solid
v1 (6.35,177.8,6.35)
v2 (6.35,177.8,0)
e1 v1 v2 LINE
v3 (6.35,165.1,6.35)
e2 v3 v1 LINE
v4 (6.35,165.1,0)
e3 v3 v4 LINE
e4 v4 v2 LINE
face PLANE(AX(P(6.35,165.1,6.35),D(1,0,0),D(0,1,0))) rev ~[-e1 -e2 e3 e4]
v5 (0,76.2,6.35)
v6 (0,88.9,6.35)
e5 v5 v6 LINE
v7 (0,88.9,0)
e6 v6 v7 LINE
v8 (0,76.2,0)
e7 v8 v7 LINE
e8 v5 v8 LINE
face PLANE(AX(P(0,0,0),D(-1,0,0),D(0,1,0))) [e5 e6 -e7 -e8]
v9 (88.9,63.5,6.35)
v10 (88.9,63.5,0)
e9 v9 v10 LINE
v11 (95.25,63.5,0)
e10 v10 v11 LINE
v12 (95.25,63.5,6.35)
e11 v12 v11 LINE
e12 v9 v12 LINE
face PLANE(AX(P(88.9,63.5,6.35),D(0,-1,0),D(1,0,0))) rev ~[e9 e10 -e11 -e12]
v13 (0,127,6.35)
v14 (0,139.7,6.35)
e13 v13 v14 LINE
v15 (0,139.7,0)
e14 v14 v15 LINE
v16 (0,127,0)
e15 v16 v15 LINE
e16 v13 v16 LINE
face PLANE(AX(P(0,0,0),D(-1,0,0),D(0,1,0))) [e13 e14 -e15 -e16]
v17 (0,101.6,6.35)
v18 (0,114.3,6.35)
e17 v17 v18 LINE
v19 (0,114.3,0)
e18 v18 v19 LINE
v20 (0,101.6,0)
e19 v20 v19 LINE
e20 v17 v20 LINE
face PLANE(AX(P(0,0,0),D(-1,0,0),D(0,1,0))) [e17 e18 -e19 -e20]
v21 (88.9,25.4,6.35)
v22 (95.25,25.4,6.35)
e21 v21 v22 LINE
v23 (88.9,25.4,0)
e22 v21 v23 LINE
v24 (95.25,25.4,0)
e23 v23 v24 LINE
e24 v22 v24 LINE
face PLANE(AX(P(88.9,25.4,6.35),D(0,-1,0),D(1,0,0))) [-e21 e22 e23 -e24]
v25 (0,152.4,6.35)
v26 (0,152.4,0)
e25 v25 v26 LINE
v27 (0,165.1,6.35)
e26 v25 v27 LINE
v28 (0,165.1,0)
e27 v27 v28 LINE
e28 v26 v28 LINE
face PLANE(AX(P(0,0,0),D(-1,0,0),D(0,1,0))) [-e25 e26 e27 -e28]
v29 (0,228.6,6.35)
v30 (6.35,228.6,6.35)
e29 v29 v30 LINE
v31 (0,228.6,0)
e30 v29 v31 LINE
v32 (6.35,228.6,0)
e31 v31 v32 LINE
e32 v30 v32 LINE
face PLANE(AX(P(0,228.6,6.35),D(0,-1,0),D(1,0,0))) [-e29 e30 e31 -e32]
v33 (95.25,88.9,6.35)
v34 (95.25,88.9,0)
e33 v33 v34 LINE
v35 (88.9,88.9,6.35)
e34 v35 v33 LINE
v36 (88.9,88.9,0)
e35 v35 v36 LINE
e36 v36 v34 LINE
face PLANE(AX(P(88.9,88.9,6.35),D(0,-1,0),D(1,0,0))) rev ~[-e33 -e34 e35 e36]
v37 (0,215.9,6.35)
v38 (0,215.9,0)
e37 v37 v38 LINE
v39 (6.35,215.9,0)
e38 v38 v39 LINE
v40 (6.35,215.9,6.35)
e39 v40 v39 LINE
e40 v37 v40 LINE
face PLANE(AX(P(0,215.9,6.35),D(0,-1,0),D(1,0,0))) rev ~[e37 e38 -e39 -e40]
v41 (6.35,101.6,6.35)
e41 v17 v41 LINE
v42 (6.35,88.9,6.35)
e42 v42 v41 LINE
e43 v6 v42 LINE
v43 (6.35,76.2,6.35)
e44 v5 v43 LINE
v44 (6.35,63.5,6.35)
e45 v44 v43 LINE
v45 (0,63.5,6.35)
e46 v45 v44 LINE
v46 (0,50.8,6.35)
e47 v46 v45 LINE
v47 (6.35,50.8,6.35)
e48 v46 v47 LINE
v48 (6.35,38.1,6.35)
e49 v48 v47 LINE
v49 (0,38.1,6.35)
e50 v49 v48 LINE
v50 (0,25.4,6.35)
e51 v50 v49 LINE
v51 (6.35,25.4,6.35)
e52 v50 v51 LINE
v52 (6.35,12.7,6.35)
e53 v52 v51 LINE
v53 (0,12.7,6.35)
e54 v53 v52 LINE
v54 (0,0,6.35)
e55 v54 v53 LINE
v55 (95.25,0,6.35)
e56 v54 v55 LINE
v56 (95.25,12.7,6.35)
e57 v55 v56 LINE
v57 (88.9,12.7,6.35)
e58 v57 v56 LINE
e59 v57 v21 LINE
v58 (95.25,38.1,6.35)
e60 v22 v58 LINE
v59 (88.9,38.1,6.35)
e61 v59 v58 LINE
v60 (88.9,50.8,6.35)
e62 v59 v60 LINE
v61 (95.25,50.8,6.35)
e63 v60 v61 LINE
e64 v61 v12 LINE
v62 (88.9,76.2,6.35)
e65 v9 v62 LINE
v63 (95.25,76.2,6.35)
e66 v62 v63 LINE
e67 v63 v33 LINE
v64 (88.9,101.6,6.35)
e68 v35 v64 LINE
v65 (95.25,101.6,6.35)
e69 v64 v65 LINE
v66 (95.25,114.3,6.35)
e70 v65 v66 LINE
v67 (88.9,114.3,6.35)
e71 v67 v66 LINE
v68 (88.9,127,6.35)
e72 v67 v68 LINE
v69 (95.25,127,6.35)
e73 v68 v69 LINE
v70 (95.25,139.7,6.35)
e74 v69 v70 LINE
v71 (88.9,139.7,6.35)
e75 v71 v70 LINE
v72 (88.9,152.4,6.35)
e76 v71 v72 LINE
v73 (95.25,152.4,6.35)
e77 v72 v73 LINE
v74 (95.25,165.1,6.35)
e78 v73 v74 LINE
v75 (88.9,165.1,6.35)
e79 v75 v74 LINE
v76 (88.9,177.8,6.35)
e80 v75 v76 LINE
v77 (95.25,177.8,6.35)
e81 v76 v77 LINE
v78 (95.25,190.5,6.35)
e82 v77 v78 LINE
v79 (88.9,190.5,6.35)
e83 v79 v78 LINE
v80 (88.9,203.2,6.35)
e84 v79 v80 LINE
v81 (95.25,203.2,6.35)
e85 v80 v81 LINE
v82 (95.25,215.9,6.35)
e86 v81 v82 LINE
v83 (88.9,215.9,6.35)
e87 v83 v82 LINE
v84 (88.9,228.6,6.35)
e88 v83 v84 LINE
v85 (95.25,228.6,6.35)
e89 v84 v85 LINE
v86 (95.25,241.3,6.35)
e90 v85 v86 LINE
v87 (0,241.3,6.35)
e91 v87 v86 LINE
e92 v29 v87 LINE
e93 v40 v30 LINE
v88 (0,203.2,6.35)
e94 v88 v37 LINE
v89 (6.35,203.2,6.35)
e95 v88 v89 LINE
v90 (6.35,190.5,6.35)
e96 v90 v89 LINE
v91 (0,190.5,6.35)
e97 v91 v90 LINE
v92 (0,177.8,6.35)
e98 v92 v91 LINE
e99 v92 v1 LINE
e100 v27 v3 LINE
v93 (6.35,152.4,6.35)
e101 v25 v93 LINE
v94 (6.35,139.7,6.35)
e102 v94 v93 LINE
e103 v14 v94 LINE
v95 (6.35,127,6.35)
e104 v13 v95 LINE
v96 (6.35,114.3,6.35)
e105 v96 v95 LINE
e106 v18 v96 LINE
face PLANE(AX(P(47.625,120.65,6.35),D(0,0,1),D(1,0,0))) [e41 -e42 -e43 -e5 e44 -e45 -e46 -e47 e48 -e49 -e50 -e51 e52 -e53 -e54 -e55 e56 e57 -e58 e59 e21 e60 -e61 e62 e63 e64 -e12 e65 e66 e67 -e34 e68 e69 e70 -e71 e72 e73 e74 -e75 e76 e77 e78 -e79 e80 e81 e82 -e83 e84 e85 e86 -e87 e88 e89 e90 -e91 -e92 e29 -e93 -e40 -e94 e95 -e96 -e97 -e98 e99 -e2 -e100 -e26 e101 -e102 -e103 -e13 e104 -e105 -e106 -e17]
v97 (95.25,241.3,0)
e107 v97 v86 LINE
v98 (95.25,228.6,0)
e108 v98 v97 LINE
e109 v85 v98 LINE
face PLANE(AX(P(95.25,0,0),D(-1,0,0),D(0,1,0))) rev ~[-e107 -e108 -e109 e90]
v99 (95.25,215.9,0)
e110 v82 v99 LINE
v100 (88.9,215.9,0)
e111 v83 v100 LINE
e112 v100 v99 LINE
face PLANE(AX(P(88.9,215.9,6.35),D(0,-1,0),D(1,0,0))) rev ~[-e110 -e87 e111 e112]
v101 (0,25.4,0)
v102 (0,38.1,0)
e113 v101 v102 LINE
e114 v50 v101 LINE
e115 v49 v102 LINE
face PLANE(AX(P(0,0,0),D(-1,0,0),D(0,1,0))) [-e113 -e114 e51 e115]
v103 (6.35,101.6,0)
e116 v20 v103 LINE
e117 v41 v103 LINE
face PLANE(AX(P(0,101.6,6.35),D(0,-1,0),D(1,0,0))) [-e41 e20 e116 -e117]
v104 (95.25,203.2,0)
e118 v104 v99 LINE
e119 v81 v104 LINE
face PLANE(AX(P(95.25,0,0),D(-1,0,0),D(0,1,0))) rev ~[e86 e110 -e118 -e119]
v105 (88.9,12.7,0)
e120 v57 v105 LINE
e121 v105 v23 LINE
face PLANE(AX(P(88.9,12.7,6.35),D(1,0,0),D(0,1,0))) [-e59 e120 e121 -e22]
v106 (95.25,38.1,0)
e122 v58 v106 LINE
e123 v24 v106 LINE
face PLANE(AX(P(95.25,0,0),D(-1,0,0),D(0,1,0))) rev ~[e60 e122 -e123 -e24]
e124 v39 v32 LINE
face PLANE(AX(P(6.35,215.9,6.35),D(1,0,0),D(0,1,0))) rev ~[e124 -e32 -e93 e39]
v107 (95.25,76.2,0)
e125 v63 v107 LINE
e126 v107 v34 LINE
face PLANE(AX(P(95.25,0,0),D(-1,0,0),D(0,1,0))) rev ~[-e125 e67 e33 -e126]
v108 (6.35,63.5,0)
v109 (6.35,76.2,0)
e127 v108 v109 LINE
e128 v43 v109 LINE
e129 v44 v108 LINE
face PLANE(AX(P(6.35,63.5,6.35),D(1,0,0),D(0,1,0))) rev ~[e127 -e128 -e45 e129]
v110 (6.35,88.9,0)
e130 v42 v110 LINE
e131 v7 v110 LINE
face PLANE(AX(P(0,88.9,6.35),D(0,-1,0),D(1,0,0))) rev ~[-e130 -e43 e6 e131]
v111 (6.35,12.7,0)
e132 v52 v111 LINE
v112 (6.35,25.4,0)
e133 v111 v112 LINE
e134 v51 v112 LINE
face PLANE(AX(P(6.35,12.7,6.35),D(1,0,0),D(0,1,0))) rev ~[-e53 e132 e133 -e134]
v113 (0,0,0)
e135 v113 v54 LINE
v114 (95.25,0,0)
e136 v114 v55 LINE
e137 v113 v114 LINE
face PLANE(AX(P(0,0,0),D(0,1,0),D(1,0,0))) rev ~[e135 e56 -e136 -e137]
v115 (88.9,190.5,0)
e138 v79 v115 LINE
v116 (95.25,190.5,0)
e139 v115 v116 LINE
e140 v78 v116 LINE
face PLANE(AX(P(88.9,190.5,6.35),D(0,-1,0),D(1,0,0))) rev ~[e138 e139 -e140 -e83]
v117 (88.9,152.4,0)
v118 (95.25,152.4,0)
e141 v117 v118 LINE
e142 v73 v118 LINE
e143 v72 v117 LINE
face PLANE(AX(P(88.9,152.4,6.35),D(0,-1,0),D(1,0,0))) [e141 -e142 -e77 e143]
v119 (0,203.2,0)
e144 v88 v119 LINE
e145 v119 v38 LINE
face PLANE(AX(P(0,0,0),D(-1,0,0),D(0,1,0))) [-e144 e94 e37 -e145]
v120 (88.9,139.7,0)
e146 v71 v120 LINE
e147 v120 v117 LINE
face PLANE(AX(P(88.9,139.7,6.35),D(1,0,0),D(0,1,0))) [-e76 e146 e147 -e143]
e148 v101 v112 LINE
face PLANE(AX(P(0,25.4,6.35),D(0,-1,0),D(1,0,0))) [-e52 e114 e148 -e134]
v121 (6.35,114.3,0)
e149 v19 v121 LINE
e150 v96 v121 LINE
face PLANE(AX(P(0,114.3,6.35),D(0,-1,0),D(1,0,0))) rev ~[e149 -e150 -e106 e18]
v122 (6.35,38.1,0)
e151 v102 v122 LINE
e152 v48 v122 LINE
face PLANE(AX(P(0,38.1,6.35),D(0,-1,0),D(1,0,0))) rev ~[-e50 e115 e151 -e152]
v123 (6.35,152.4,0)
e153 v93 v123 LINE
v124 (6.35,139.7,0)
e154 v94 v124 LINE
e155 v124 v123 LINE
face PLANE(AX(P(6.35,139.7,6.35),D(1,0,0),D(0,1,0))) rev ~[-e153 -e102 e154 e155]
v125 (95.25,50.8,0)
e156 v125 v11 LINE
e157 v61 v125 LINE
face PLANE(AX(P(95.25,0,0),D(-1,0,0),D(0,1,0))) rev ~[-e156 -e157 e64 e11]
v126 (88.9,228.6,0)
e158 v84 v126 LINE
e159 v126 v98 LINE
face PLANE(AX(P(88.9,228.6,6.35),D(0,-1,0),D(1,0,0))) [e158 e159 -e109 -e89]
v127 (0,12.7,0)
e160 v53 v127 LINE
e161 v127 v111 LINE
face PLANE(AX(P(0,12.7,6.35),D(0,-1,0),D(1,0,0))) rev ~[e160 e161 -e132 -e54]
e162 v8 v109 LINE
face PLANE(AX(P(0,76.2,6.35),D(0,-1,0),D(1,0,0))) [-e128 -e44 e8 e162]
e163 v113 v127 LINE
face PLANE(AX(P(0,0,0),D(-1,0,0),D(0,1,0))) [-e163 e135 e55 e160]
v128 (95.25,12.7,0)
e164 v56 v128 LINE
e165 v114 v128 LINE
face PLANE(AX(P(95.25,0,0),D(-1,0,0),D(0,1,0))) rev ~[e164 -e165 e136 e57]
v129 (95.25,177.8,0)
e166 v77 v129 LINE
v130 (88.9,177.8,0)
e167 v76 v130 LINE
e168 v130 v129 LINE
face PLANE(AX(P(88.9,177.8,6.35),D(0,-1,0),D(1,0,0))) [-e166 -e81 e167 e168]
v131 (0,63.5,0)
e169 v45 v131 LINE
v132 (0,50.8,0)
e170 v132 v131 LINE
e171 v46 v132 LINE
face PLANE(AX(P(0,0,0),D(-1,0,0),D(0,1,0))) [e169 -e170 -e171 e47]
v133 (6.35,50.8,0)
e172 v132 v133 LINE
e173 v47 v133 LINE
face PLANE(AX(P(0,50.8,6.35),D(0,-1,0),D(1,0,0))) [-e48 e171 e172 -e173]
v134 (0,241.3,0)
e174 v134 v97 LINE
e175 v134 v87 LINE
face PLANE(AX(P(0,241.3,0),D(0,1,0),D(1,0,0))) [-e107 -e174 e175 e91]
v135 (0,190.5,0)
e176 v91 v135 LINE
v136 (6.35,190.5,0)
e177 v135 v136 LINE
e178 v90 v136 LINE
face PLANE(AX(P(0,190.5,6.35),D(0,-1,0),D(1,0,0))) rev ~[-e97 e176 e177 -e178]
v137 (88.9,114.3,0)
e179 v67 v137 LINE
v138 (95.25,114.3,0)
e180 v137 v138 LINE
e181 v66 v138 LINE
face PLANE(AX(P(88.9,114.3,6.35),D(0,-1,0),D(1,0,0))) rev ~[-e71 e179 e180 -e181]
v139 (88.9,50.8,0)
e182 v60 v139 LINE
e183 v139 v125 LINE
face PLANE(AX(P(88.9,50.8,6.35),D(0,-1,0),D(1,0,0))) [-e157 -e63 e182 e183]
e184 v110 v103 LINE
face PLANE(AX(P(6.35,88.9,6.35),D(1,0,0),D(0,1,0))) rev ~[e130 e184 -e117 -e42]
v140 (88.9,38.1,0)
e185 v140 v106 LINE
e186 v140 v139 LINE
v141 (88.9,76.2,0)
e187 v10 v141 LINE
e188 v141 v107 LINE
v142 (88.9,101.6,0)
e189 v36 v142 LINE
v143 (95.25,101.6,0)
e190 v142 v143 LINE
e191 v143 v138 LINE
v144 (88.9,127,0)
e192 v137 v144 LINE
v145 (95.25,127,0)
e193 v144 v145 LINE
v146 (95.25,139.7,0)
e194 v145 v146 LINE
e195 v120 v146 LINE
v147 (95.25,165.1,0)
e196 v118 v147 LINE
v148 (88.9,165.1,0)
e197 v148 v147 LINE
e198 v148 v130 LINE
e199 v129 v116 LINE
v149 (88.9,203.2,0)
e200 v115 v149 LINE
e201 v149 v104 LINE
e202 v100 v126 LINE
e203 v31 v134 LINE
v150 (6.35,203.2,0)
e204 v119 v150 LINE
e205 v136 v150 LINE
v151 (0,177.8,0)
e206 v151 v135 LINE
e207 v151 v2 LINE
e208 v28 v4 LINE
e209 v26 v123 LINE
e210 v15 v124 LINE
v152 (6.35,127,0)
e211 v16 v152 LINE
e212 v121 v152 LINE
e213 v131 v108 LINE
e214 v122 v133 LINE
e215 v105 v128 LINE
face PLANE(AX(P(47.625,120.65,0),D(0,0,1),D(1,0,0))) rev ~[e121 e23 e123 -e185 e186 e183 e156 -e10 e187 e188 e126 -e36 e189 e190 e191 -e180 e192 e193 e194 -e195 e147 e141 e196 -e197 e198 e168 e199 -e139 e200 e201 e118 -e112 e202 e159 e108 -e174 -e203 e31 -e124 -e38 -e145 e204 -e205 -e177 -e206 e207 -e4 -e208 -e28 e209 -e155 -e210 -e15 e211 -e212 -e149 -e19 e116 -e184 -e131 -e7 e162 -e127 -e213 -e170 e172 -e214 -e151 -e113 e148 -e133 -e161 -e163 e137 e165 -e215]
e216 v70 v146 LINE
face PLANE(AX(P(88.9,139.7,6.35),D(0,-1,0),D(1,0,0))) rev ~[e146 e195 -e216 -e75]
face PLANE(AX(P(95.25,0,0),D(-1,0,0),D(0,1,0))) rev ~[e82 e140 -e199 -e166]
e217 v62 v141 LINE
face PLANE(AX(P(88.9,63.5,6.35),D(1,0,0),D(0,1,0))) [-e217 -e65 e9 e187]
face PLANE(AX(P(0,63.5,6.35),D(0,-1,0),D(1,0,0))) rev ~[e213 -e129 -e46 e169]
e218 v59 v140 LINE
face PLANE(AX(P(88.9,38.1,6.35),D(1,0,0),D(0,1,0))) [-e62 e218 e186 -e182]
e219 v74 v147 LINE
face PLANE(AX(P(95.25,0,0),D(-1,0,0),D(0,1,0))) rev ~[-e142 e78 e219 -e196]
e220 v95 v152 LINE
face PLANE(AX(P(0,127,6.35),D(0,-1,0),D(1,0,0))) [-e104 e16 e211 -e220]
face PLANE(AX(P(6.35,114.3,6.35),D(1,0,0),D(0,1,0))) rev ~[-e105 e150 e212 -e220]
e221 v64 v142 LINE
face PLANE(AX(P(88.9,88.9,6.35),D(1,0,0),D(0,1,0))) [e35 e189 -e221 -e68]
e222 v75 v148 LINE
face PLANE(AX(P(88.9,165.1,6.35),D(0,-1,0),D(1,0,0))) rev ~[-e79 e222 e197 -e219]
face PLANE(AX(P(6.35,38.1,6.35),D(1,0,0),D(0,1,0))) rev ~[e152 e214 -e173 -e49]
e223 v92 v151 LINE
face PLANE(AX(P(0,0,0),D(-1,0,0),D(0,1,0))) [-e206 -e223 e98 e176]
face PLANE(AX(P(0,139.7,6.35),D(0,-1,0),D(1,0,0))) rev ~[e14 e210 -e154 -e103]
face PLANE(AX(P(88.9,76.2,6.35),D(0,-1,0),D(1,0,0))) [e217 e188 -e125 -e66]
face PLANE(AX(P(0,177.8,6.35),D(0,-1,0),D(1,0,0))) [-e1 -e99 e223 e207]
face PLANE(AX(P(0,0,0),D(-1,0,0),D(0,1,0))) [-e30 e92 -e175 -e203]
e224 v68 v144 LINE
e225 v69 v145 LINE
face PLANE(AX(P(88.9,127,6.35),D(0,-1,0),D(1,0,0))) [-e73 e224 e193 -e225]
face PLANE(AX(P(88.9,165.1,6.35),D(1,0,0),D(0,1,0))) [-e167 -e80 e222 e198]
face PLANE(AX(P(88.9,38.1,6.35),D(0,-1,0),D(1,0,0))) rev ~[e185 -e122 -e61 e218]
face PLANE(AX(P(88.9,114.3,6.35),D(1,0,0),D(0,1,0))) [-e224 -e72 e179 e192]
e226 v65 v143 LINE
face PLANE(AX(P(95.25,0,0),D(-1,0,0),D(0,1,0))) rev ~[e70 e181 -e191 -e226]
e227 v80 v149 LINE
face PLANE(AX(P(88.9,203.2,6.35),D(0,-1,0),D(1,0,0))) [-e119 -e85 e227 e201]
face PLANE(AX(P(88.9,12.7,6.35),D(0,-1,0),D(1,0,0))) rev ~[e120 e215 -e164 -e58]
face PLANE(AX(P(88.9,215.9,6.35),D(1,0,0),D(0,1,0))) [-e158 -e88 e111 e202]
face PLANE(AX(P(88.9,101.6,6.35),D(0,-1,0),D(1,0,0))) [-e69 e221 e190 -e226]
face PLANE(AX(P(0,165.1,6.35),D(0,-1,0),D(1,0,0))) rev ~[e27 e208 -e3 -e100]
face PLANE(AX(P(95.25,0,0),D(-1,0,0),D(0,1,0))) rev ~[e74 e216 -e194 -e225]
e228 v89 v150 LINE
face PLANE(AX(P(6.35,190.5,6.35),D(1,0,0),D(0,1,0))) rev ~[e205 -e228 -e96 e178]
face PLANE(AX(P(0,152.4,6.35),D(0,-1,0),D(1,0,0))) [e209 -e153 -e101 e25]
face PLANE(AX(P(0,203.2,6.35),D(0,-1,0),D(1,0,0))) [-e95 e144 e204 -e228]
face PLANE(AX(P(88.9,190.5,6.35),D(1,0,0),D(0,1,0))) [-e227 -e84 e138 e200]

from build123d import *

# Parameters (mm, degrees)
SKETCH1_W           = 95.25
SKETCH1_H           = 241.3
BOSS_EXTRUDE1_DEPTH = 6.35
SKETCH2_W           = 6.35
SKETCH2_H           = 12.7
CUT_EXTRUDE1_DEPTH  = 7.35
LPATTERN1_COUNT     = 9
LPATTERN1_PITCH     = 25.4


with BuildPart() as part:
    # Sketch1 → Boss-Extrude1 (new body)
    with BuildSketch(Plane.XY):
        with Locations((47.625, 120.65)):
            Rectangle(SKETCH1_W, SKETCH1_H)
    extrude(amount=BOSS_EXTRUDE1_DEPTH)

    # Sketch2 → Cut-Extrude1 (cut, through all)
    with BuildSketch(Plane.XY.offset(6.35)):
        with Locations((3.175, 222.25)):
            Rectangle(SKETCH2_W, SKETCH2_H)
        with Locations((92.075, 222.25)):
            Rectangle(SKETCH2_W, SKETCH2_H)
    cut_extrude1 = extrude(amount=-CUT_EXTRUDE1_DEPTH, mode=Mode.SUBTRACT)

    # LPattern1: Cut-Extrude1 ×9
    with Locations(*[(0, -i * LPATTERN1_PITCH, 0) for i in range(1, LPATTERN1_COUNT)]):
        add(cut_extrude1, mode=Mode.SUBTRACT)


solid = part.part
